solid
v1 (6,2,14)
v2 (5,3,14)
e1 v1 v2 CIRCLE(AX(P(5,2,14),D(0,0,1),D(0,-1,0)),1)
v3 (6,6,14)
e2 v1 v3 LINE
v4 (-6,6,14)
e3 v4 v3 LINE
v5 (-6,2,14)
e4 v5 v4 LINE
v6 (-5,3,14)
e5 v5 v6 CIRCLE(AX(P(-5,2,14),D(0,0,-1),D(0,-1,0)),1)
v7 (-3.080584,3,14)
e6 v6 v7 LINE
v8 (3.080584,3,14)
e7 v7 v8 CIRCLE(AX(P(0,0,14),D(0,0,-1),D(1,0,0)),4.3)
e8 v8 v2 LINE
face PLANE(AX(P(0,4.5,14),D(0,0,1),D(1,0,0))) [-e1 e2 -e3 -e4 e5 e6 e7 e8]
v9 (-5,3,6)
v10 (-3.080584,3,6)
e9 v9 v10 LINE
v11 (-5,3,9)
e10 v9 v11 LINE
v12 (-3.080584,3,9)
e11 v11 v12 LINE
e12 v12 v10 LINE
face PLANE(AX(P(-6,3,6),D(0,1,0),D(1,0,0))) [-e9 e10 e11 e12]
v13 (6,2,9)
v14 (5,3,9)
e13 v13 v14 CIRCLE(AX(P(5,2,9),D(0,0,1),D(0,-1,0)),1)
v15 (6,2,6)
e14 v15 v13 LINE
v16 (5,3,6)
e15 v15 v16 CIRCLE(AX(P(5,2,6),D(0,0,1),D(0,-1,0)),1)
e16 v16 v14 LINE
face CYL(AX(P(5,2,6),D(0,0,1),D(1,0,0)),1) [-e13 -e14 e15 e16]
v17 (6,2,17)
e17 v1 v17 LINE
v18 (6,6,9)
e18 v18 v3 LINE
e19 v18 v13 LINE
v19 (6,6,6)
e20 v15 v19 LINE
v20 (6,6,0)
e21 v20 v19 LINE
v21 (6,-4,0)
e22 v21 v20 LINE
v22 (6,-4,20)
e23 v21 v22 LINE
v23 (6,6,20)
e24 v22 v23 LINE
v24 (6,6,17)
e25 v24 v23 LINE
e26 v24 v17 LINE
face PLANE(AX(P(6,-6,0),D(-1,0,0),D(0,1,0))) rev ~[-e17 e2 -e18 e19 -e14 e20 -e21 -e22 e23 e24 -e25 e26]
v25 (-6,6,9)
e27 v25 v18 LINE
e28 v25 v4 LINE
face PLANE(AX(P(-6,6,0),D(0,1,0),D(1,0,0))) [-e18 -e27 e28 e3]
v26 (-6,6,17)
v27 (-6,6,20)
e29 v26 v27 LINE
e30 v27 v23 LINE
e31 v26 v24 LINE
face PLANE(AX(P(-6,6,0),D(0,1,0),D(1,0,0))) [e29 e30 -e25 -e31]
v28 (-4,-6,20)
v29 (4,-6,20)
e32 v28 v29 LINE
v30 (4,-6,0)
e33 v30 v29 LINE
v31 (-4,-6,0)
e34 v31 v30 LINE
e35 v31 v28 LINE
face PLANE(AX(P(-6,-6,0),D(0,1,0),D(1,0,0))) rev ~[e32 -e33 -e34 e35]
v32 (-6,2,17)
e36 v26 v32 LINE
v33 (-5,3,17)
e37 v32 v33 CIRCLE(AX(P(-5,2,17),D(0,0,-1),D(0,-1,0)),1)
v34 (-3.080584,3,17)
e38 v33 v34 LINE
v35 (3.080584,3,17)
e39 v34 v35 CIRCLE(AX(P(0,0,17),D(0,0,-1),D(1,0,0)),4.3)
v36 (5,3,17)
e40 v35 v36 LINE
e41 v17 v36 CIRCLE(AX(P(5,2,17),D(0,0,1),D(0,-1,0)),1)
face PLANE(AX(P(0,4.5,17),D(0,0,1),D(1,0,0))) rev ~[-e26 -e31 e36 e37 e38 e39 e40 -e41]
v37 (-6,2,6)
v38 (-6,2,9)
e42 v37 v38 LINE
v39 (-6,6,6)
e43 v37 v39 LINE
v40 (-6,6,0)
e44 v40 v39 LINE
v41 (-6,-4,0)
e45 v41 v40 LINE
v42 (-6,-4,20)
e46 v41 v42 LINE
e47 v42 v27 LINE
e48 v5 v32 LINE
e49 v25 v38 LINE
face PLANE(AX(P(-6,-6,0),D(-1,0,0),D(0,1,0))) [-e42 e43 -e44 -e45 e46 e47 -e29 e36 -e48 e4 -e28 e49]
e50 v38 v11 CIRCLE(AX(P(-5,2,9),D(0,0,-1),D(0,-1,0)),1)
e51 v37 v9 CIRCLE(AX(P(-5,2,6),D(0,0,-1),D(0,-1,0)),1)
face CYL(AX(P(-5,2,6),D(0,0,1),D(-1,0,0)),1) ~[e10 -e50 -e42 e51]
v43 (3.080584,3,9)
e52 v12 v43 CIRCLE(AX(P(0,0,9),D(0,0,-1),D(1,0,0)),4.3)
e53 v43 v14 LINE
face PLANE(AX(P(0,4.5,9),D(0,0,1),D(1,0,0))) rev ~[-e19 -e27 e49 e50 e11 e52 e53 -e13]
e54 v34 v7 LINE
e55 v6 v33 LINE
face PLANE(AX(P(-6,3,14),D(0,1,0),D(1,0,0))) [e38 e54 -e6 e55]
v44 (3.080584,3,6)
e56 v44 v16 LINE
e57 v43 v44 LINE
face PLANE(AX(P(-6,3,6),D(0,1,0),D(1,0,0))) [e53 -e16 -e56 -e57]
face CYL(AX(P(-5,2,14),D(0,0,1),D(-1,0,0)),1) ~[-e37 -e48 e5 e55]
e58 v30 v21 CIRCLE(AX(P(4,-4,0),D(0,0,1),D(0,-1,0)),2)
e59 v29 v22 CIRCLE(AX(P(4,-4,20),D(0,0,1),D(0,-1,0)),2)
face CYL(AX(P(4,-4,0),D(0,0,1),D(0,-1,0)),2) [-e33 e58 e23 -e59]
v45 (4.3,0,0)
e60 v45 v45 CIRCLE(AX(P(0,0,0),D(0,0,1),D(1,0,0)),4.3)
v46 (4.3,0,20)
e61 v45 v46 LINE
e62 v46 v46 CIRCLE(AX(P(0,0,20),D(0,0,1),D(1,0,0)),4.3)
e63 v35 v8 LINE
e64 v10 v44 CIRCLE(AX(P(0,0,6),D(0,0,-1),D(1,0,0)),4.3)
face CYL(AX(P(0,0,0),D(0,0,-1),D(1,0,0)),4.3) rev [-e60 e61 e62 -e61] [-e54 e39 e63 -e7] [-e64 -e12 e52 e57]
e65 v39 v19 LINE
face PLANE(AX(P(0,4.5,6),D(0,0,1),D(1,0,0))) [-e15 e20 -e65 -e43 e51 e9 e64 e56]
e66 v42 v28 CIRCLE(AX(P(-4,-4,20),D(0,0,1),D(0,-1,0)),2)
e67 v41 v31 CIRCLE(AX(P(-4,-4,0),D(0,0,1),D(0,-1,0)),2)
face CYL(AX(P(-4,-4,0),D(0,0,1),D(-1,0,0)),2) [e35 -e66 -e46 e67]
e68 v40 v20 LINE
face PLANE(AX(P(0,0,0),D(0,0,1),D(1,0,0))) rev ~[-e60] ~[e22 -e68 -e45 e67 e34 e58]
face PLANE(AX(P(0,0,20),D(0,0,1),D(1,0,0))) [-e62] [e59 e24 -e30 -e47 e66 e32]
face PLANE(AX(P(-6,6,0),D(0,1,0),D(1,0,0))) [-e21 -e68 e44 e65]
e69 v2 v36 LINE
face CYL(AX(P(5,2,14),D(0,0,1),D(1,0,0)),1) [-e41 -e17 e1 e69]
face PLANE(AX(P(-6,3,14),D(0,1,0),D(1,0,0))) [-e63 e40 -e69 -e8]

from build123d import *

# Parameters (mm, degrees)
BOX002_W       = 12
BOX002_H       = 3
BOX002_DEPTH   = 3
BOX003_W       = 12
BOX003_H       = 3
BOX003_DEPTH   = 3
CYLINDER_R     = 4.3
CYLINDER_DEPTH = 20
BOX_W          = 12
BOX_H          = 12
BOX_DEPTH      = 20
FILLET_R       = 2
FILLET001_R    = 1


with BuildPart() as cube002:
    # Box002 → Box002 (new body)
    with BuildSketch(Plane(origin=(-6, 3, 14), x_dir=(1, 0, 0), z_dir=(0, 0, 1))):
        with Locations((6, 1.5)):
            Rectangle(BOX002_W, BOX002_H)
    extrude(amount=BOX002_DEPTH)


with BuildPart() as fusion001:
    # Box003 → Box003 (new body)
    with BuildSketch(Plane(origin=(-6, 3, 6), x_dir=(1, 0, 0), z_dir=(0, 0, 1))):
        with Locations((6, 1.5)):
            Rectangle(BOX003_W, BOX003_H)
    extrude(amount=BOX003_DEPTH)

    # Fusion001: union Cube002
    add(cube002.part)


with BuildPart() as cylinder:
    # Cylinder → Cylinder (new body)
    with BuildSketch(Plane.XY):
        Circle(CYLINDER_R)
    extrude(amount=CYLINDER_DEPTH)


with BuildPart() as fillet001:
    # Box → Box (new body)
    with BuildSketch(Plane(origin=(-6, -6, 0), x_dir=(1, 0, 0), z_dir=(0, 0, 1))):
        with Locations((6, 6)):
            Rectangle(BOX_W, BOX_H)
    extrude(amount=BOX_DEPTH)

    # Cut: cut Cylinder
    add(cylinder.part, mode=Mode.SUBTRACT)

    # Cut001: cut Fusion001
    add(fusion001.part, mode=Mode.SUBTRACT)

    # Fillet
    fillet_edges = [fillet001.edges().sort_by_distance(p)[0] for p in [
        (-6, -6, 10),
        (6, -6, 10),
    ]]
    fillet(fillet_edges, radius=FILLET_R)

    # Fillet001
    fillet001_edges = [fillet001.edges().sort_by_distance(p)[0] for p in [
        (-6, 3, 15.5),
        (-6, 3, 7.5),
        (6, 3, 15.5),
        (6, 3, 7.5),
    ]]
    fillet(fillet001_edges, radius=FILLET001_R)


solid = fillet001.part
